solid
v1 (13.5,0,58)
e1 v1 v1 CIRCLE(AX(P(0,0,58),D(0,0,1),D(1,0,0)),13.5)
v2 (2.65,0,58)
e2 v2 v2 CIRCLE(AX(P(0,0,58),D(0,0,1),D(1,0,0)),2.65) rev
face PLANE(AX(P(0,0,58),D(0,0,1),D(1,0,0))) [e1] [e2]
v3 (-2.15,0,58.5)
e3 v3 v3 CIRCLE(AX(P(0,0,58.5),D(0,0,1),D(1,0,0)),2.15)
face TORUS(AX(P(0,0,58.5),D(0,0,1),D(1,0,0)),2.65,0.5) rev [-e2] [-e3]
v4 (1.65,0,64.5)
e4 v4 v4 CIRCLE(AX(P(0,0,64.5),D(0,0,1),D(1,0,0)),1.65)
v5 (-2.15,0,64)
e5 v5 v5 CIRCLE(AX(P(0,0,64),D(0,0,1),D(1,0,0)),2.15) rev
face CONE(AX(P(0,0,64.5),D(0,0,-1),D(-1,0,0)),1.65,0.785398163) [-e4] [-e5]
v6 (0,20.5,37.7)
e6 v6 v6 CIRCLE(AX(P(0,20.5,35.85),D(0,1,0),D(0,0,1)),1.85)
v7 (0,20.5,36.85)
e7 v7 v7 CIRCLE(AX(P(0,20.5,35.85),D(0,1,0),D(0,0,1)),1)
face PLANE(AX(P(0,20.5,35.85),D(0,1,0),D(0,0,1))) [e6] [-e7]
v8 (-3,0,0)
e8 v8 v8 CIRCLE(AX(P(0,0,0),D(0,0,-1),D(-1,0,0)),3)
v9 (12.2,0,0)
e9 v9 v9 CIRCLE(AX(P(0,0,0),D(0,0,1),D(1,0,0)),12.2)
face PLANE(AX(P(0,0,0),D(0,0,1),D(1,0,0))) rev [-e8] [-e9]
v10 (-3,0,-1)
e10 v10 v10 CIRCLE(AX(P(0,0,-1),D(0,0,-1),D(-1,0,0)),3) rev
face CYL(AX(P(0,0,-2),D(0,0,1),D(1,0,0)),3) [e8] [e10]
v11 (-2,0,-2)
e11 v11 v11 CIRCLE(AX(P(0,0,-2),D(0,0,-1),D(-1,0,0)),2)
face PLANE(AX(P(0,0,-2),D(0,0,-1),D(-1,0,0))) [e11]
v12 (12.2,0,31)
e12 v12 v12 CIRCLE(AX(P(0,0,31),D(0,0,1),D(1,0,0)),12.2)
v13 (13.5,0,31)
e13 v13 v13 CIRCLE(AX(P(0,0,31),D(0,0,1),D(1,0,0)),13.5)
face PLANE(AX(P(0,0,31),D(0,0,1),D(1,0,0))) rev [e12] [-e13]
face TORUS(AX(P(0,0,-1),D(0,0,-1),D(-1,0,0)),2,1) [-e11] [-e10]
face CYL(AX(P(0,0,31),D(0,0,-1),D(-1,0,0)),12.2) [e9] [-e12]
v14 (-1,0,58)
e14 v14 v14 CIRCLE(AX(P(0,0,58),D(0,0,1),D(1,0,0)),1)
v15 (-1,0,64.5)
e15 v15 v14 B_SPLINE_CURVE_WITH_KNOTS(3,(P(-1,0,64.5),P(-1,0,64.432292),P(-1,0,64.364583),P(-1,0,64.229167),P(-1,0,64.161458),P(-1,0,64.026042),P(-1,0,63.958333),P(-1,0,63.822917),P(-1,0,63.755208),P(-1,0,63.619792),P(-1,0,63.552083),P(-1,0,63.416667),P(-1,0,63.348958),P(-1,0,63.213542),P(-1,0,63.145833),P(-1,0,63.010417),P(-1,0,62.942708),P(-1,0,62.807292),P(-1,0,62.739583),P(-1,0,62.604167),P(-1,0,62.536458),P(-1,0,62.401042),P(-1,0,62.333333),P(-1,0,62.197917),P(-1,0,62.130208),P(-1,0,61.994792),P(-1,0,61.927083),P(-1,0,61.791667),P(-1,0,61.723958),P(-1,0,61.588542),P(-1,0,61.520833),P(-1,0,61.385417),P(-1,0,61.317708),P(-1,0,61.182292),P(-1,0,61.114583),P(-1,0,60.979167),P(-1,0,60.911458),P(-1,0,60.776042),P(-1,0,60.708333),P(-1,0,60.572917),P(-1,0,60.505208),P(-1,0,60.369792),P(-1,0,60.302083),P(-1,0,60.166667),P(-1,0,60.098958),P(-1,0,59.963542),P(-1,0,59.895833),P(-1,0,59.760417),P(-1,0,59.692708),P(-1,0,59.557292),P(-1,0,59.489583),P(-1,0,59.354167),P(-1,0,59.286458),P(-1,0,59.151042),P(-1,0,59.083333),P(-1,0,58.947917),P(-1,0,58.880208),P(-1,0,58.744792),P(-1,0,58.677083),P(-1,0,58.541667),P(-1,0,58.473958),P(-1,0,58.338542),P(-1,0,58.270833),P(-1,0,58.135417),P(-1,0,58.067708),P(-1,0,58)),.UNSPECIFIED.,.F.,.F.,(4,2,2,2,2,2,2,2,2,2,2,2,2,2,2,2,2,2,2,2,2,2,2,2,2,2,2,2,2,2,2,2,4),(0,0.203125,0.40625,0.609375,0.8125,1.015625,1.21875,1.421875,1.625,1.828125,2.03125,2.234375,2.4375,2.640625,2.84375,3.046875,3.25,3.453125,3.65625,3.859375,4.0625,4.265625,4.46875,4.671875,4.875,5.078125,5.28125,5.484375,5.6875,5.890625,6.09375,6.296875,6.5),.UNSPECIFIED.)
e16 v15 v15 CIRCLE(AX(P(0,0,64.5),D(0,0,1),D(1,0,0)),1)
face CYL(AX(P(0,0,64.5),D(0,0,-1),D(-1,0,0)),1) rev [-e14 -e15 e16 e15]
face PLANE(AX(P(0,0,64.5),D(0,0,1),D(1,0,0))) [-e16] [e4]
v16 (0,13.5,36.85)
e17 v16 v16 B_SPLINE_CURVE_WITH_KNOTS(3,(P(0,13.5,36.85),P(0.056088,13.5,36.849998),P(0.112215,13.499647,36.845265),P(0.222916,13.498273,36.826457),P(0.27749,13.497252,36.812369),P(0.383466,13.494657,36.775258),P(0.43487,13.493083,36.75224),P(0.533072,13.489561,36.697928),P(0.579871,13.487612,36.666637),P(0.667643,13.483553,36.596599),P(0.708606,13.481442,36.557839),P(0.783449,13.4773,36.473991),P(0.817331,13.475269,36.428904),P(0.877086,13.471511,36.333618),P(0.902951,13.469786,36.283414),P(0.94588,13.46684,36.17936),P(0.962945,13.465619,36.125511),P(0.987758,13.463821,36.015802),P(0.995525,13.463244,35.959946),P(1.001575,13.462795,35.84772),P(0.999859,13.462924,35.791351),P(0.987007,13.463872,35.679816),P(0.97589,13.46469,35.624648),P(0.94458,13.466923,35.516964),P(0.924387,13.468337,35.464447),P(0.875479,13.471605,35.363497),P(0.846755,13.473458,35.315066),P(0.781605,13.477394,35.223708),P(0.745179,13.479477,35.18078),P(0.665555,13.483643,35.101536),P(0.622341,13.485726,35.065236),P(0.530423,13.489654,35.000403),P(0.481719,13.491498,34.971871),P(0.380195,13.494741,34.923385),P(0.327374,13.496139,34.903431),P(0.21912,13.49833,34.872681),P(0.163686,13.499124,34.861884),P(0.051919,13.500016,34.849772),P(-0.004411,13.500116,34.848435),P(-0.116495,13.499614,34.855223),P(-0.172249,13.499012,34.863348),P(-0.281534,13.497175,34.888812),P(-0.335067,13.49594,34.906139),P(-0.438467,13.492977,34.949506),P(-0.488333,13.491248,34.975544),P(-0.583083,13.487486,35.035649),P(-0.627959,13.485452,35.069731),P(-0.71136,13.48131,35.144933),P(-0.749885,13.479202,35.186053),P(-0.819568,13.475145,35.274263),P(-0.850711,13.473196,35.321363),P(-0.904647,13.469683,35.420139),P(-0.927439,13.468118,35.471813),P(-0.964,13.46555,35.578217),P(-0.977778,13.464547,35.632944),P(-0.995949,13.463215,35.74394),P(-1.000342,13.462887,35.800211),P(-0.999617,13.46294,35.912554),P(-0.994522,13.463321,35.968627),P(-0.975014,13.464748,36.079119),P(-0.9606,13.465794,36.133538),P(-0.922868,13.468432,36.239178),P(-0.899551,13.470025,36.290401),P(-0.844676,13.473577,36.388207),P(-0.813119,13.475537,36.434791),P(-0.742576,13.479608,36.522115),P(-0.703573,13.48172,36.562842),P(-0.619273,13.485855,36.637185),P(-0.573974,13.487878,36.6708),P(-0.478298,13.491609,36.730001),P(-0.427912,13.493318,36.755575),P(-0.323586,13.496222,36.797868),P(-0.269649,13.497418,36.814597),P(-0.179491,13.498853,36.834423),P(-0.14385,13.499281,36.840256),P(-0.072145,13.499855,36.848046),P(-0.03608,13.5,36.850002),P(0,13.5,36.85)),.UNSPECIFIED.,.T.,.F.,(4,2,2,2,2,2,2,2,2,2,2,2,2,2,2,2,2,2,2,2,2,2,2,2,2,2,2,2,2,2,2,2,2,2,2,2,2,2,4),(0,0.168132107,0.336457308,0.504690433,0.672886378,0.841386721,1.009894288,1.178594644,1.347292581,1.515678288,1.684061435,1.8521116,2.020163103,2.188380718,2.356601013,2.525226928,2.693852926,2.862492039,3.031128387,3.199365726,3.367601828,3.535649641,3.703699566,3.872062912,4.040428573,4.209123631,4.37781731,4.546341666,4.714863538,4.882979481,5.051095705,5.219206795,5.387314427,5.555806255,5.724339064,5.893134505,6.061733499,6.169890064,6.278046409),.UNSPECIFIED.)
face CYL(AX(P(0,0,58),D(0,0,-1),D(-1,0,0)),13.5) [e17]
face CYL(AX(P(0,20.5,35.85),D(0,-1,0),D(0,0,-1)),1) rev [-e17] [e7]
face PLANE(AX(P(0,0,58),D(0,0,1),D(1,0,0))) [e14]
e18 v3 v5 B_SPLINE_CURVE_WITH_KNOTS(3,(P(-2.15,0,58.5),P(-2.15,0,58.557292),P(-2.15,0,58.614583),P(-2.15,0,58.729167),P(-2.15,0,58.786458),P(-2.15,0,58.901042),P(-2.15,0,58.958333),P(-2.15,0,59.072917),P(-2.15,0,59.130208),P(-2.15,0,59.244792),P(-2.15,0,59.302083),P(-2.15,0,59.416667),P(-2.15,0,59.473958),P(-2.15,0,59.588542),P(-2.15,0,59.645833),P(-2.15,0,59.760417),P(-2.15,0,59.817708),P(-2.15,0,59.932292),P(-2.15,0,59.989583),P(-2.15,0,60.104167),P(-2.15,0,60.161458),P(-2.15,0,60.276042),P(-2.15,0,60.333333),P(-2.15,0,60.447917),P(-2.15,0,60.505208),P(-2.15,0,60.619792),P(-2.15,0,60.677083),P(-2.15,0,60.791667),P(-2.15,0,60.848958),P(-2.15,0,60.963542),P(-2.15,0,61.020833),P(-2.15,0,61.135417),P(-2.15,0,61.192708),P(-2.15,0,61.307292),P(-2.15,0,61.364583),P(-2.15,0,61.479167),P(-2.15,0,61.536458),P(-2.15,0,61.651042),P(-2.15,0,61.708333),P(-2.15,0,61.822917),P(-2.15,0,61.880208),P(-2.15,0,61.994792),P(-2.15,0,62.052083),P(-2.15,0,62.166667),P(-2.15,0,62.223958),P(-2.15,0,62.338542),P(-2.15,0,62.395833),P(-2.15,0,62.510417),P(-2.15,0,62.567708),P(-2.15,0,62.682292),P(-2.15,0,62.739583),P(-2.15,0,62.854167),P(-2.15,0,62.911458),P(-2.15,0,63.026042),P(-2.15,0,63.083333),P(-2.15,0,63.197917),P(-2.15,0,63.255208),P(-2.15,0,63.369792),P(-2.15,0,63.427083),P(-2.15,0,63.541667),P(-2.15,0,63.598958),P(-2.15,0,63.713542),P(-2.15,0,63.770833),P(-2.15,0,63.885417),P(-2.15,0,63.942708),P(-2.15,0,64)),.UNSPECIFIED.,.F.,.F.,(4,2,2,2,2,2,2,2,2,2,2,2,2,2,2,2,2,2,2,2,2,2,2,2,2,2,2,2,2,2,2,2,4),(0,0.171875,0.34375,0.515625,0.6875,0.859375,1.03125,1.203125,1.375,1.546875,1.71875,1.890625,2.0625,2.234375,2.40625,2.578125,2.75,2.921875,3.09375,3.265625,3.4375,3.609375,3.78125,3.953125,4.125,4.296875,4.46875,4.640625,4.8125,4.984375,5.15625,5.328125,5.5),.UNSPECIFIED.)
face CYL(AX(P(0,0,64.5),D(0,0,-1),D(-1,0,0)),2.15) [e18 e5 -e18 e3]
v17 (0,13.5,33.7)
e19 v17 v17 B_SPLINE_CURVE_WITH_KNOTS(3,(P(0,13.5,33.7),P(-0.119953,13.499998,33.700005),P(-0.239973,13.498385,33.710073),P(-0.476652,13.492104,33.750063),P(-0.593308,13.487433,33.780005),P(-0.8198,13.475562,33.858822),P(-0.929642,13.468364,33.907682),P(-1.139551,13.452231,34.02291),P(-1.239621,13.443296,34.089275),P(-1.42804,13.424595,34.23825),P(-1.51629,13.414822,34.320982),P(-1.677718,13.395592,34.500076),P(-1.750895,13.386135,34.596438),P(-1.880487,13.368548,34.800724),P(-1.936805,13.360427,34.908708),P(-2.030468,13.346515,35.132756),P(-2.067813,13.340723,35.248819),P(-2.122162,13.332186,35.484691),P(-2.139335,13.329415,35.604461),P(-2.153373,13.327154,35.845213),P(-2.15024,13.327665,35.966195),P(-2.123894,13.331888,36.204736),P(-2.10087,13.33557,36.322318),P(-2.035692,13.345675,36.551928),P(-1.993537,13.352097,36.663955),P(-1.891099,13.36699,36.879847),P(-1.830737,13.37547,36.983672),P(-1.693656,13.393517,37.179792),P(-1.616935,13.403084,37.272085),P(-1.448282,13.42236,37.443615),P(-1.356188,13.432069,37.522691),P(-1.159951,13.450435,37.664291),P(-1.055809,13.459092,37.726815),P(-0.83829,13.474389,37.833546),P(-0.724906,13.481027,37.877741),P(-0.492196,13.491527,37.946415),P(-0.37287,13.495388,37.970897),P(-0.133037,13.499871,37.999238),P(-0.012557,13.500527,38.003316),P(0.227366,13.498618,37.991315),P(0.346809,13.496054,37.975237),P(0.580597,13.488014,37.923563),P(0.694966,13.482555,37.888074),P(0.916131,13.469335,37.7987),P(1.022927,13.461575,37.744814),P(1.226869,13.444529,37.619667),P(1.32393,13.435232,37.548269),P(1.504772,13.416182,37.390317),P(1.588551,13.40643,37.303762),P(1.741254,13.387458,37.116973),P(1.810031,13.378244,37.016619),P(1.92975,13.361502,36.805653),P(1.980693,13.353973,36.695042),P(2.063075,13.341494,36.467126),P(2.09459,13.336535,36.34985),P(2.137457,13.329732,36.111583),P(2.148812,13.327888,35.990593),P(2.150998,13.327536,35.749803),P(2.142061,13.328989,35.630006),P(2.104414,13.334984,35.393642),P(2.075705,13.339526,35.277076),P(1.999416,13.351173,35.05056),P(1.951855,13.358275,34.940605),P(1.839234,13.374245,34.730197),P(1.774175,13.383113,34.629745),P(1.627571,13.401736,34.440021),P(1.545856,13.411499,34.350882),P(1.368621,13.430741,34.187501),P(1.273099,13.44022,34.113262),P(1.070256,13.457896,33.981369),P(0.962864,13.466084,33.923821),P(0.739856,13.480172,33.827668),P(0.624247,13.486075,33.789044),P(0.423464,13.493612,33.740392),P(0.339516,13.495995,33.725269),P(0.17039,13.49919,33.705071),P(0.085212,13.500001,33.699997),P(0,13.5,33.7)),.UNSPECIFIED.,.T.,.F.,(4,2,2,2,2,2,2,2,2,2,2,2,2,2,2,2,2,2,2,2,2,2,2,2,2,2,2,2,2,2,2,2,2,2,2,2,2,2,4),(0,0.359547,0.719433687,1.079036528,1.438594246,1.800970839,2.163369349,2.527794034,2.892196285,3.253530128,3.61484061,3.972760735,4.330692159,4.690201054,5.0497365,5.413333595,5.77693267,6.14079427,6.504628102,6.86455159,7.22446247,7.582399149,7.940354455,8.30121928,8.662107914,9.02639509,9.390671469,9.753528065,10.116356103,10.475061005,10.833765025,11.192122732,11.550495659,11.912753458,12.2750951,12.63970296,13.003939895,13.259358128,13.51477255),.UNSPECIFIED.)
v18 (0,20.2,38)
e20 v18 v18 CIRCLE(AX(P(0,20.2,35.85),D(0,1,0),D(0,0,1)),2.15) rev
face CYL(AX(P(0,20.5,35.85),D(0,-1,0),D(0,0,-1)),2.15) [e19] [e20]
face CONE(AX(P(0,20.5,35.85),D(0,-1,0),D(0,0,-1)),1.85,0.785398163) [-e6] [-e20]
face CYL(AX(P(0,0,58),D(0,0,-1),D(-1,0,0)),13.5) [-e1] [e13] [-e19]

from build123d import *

# Parameters (mm, degrees)
CROQUIS1_R                               = 12.2
SALIENTE_EXTRUIR1_DEPTH                  = 31
CROQUIS2_R                               = 13.5
SALIENTE_EXTRUIR2_DEPTH                  = 27
CROQUIS3_R                               = 2.15
CROQUIS3_R_2                             = 1
SALIENTE_EXTRUIR3_DEPTH                  = 6.5
CHAFL_N2_SIZE                            = 0.5
REDONDEO1_R                              = 0.5
CROQUIS5_R                               = 2.15
CROQUIS5_R_2                             = 1
SALIENTE_EXTRUIR4_DEPTH                  = 7
SALIENTE_EXTRUIR4_DIRECTION_2_REACH      = 73.214
SALIENTE_EXTRUIR4_DIRECTION_2_END_RADIUS = 13.5
CHAFL_N3_SIZE                            = 0.3
CROQUIS6_R                               = 3
SALIENTE_EXTRUIR5_DEPTH                  = 2
REDONDEO2_R                              = 1


with BuildPart() as part:
    # Croquis1 → Saliente-Extruir1 (new body)
    with BuildSketch(Plane.XY):
        Circle(CROQUIS1_R)
    extrude(amount=SALIENTE_EXTRUIR1_DEPTH)

    # Croquis2 → Saliente-Extruir2 (add)
    with BuildSketch(Plane.XY.offset(31)):
        Circle(CROQUIS2_R)
    extrude(amount=SALIENTE_EXTRUIR2_DEPTH)

    # Croquis3 → Saliente-Extruir3 (add)
    with BuildSketch(Plane.XY.offset(58)):
        with Locations(Location((0, 0, 0), (0, 0, 180))):
            Circle(CROQUIS3_R)
        with Locations(Location((0, 0, 0), (0, 0, 180))):
            Circle(CROQUIS3_R_2, mode=Mode.SUBTRACT)
    extrude(amount=SALIENTE_EXTRUIR3_DEPTH)

    # Chaflán2
    chafl_n2_edges = [part.edges().sort_by_distance(p)[0] for p in [
        (2.15, 0, 64.5),
    ]]
    chamfer(chafl_n2_edges, length=CHAFL_N2_SIZE)

    # Redondeo1
    redondeo1_edges = [part.edges().sort_by_distance(p)[0] for p in [
        (2.15, 0, 58),
    ]]
    fillet(redondeo1_edges, radius=REDONDEO1_R)

    # Croquis5 → Saliente-Extruir4 (add)
    with BuildSketch(Plane(origin=(0, 13.5, 0), x_dir=(1, 0, 0), z_dir=(0, 1, 0))):
        with Locations(Location((0, -35.85, 0), (0, 0, 90))):
            Circle(CROQUIS5_R)
        with Locations(Location((0, -35.85, 0), (0, 0, 270))):
            Circle(CROQUIS5_R_2, mode=Mode.SUBTRACT)
    extrude(amount=SALIENTE_EXTRUIR4_DEPTH)

    # Saliente-Extruir4 direction 2: up to this cylinder (the profile starts outside it)
    saliente_extruir4_direction_2_end = Plane(origin=(0, 0, 37.939189), z_dir=(0, 0, -1)) * Cylinder(SALIENTE_EXTRUIR4_DIRECTION_2_END_RADIUS, 174.428, mode=Mode.PRIVATE)
    # Croquis5 → Saliente-Extruir4 direction 2 (add, up to the surface)
    with BuildSketch(Plane(origin=(0, 13.5, 0), x_dir=(1, 0, 0), z_dir=(0, 1, 0)), mode=Mode.PRIVATE) as saliente_extruir4_direction_2_sk1:
        with Locations(Location((0, -35.85, 0), (0, 0, 90))):
            Circle(CROQUIS5_R)
        with Locations(Location((0, -35.85, 0), (0, 0, 270))):
            Circle(CROQUIS5_R_2, mode=Mode.SUBTRACT)
    saliente_extruir4_direction_2_tool1 = extrude(saliente_extruir4_direction_2_sk1.sketch, amount=-SALIENTE_EXTRUIR4_DIRECTION_2_REACH, mode=Mode.PRIVATE) - saliente_extruir4_direction_2_end
    add(saliente_extruir4_direction_2_tool1.solids().sort_by_distance((0, 13.5, 37.939189))[0])
    add(saliente_extruir4_direction_2_tool1.solids().sort_by_distance((0, 13.5, 37.939189))[1])

    # Chaflán3
    chafl_n3_edges = [part.edges().sort_by_distance(p)[0] for p in [
        (0, 20.5, 38),
    ]]
    chamfer(chafl_n3_edges, length=CHAFL_N3_SIZE)

    # Croquis6 → Saliente-Extruir5 (add)
    with BuildSketch(Plane(origin=(0, 0, 0), x_dir=(-1, 0, 0), z_dir=(0, 0, -1))):
        Circle(CROQUIS6_R)
    extrude(amount=SALIENTE_EXTRUIR5_DEPTH)

    # Redondeo2
    redondeo2_edges = [part.edges().sort_by_distance(p)[0] for p in [
        (3, 0, -2),
    ]]
    fillet(redondeo2_edges, radius=REDONDEO2_R)


solid = part.part
